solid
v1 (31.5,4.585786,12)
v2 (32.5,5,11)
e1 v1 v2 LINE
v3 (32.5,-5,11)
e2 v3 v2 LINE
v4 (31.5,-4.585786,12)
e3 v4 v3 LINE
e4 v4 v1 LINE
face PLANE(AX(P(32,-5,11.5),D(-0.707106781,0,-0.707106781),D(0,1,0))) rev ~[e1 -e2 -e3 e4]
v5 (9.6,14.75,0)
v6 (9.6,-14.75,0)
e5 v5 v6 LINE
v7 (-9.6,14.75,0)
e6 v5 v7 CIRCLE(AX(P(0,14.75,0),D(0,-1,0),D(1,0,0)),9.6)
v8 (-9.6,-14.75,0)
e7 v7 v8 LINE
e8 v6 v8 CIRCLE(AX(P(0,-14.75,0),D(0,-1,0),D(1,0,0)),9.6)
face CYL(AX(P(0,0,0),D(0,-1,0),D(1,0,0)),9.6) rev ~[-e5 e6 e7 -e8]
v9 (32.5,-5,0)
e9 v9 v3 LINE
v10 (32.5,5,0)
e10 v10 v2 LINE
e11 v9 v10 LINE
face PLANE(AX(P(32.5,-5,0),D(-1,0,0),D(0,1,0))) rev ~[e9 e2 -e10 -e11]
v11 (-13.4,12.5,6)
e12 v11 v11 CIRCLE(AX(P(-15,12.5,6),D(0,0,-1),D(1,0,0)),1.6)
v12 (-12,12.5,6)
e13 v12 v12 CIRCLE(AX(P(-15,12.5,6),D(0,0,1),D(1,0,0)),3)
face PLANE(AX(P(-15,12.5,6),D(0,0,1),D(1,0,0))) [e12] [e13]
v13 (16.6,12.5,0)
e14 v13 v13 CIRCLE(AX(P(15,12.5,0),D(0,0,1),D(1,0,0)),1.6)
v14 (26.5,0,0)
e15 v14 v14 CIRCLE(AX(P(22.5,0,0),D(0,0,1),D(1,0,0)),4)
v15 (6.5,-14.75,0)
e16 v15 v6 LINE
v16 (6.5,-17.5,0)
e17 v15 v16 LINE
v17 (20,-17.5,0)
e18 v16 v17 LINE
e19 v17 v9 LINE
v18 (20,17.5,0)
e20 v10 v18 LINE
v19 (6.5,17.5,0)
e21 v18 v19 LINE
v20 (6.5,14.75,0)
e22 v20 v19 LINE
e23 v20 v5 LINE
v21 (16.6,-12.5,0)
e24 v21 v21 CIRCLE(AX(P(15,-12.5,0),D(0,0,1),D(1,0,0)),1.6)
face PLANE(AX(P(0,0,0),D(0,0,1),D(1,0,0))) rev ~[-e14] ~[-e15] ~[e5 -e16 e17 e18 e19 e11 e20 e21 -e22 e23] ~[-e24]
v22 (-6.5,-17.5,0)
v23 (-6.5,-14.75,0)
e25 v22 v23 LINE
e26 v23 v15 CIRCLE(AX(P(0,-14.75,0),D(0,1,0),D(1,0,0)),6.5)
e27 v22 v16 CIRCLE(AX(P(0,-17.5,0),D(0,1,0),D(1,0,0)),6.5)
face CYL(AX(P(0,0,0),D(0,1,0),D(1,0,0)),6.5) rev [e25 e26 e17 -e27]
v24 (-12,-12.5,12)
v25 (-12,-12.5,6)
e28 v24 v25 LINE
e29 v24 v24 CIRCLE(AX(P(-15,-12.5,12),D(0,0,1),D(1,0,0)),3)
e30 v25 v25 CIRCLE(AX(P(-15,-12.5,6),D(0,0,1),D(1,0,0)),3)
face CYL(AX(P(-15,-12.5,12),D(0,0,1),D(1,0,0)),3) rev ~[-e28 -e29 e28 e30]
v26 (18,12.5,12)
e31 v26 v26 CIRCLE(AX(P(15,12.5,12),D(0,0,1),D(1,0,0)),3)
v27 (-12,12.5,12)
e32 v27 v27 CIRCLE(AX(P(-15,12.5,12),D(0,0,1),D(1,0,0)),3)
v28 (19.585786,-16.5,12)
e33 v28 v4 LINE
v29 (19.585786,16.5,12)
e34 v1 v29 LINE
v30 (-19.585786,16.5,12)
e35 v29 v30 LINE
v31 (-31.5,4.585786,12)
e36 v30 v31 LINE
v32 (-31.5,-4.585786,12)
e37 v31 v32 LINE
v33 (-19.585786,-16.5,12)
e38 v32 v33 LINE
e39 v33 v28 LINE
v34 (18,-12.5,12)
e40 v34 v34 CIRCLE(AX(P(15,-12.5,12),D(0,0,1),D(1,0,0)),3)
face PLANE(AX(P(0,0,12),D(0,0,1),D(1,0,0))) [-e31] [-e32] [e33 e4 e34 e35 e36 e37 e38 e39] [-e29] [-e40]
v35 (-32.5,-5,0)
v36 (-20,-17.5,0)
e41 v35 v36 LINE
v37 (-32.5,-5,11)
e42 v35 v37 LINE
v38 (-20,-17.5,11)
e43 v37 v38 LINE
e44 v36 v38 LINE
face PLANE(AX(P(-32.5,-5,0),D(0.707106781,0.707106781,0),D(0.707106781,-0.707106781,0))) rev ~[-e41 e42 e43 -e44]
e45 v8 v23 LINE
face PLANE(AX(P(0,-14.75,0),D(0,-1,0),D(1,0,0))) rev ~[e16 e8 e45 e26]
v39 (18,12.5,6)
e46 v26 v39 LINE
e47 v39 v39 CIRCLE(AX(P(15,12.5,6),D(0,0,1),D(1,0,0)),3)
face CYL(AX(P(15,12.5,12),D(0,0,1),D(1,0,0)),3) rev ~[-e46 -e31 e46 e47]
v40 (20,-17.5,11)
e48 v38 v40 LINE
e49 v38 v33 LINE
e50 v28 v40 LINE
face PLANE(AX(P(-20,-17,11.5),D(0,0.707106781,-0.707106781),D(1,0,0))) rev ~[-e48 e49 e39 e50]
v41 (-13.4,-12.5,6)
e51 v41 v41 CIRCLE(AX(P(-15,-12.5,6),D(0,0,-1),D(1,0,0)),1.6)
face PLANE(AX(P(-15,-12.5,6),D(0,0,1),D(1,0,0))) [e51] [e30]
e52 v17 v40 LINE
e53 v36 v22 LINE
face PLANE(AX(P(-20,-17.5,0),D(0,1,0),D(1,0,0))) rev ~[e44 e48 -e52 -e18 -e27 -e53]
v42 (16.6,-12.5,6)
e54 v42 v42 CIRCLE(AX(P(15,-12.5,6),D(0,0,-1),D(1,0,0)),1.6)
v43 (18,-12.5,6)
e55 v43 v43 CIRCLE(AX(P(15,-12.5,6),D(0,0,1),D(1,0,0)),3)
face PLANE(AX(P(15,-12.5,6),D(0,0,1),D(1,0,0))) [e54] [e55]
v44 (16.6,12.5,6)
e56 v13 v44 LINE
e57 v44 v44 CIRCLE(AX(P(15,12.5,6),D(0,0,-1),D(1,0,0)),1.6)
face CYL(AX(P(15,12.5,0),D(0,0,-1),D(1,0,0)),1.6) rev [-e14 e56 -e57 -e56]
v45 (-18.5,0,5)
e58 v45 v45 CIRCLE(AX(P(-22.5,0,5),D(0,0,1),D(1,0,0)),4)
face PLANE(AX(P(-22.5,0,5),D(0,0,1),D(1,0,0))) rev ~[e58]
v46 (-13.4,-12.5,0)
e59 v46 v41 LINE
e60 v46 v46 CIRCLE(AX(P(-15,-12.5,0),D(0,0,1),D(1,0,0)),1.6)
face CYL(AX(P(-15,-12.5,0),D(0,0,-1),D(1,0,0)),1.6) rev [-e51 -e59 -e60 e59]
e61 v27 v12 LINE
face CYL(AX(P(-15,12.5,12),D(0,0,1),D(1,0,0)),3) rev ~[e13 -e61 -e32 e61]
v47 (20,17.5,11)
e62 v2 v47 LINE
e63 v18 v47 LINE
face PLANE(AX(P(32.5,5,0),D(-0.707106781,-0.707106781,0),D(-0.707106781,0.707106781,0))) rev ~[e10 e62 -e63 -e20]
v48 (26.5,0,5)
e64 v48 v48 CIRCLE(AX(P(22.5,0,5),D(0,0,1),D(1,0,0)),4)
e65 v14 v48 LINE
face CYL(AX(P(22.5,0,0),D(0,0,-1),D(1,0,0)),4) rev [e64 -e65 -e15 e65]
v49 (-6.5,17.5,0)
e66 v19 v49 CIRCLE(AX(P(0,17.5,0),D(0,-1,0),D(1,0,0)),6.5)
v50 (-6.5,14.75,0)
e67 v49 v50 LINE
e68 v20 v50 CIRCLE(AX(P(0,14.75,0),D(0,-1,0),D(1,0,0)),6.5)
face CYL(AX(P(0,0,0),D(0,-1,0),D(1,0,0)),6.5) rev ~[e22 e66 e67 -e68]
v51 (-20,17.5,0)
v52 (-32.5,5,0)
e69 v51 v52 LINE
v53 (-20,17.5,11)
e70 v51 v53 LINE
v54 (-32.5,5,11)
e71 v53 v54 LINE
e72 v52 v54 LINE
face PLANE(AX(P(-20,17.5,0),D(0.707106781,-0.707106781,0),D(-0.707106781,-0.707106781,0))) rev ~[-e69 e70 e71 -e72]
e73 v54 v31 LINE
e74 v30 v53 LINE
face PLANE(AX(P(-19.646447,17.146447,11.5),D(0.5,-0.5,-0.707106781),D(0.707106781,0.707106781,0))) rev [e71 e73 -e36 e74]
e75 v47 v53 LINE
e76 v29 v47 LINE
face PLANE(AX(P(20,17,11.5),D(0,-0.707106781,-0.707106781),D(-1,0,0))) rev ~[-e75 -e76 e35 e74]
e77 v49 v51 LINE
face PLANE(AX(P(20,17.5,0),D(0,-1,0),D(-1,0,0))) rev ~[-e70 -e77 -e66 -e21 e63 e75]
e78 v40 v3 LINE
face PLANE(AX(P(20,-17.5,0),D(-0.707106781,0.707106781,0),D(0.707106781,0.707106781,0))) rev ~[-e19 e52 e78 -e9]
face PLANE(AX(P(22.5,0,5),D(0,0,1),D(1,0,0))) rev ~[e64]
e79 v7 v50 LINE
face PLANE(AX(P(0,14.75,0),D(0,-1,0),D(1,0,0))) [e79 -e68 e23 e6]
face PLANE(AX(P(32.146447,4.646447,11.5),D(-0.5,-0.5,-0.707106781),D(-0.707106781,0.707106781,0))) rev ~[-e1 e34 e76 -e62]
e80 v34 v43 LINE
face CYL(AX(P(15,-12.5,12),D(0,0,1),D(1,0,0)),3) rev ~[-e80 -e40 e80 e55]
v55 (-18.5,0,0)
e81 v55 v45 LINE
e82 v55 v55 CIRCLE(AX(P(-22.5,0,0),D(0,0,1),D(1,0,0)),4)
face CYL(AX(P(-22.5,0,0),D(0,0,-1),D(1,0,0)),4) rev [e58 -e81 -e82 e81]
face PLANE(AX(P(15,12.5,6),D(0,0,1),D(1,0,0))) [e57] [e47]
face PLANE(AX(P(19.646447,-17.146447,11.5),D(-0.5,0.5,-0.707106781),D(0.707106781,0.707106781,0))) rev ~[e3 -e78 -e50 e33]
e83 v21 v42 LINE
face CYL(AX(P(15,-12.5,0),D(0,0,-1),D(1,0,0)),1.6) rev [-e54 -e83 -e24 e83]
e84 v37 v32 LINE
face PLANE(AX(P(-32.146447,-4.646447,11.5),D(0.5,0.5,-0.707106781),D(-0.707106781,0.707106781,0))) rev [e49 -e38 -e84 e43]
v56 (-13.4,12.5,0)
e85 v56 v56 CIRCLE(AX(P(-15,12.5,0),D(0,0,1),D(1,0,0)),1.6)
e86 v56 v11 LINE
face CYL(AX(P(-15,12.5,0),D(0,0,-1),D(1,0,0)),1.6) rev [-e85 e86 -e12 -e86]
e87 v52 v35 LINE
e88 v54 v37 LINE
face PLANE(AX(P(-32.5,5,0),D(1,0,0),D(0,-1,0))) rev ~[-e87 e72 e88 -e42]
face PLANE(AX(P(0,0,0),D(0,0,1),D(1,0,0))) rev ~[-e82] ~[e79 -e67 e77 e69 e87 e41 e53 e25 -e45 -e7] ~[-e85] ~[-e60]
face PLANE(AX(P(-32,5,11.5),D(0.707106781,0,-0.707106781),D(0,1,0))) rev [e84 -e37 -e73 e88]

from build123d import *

# Parameters (mm, degrees)
SKETCH_R          = 1.6
PAD_DEPTH         = 12
SKETCH001_R       = 6.5
POCKET_DEPTH      = 17.501
POCKET_DEPTH_BACK = -17.501
SKETCH002_R       = 9.6
POCKET001_DEPTH   = 14.75
SKETCH003_R       = 3
POCKET002_DEPTH   = 6
SKETCH004_R       = 4
POCKET003_DEPTH   = 5
CHAMFER_SIZE      = 1


with BuildPart() as part:
    # Sketch → Pad (new body)
    with BuildSketch(Plane.XY):
        Polygon((-32.5, 5), (-32.5, -5), (-20, -17.5), (20, -17.5), (32.5, -5), (32.5, 5), (20, 17.5), (-20, 17.5), align=None)
        with Locations((-15, 12.5)):
            Circle(SKETCH_R, mode=Mode.SUBTRACT)
        with Locations((15, 12.5)):
            Circle(SKETCH_R, mode=Mode.SUBTRACT)
        with Locations((-15, -12.5)):
            Circle(SKETCH_R, mode=Mode.SUBTRACT)
        with Locations((15, -12.5)):
            Circle(SKETCH_R, mode=Mode.SUBTRACT)
    extrude(amount=PAD_DEPTH)

    # Sketch001 → Pocket (cut, two sides)
    with BuildSketch(Plane.XZ) as pocket_sk:
        Circle(SKETCH001_R)
    extrude(amount=-POCKET_DEPTH, mode=Mode.SUBTRACT)
    extrude(pocket_sk.sketch, amount=-POCKET_DEPTH_BACK, mode=Mode.SUBTRACT)

    # Sketch002 → Pocket001 (cut, symmetric)
    with BuildSketch(Plane.XZ):
        Circle(SKETCH002_R)
    extrude(amount=POCKET001_DEPTH, both=True, mode=Mode.SUBTRACT)

    # Sketch003 (on Face5 of Pocket001) → Pocket002 (cut)
    with BuildSketch(Plane.XY.offset(12)):
        with Locations((-15, 12.5)):
            Circle(SKETCH003_R)
        with Locations((15, 12.5)):
            Circle(SKETCH003_R)
        with Locations((-15, -12.5)):
            Circle(SKETCH003_R)
        with Locations((15, -12.5)):
            Circle(SKETCH003_R)
    extrude(amount=-POCKET002_DEPTH, mode=Mode.SUBTRACT)

    # Sketch004 → Pocket003 (cut)
    with BuildSketch(Plane.XY):
        with Locations((-22.5, 0)):
            Circle(SKETCH004_R)
        with Locations((22.5, 0)):
            Circle(SKETCH004_R)
    extrude(amount=POCKET003_DEPTH, mode=Mode.SUBTRACT)

    # Chamfer
    chamfer_edges = [part.edges().sort_by_distance(p)[0] for p in [
        (0, 17.5, 12),
        (-26.25, 11.25, 12),
        (-32.5, 0, 12),
        (-26.25, -11.25, 12),
        (0, -17.5, 12),
        (26.25, -11.25, 12),
        (32.5, 0, 12),
        (26.25, 11.25, 12),
    ]]
    chamfer(chamfer_edges, length=CHAMFER_SIZE)


solid = part.part
